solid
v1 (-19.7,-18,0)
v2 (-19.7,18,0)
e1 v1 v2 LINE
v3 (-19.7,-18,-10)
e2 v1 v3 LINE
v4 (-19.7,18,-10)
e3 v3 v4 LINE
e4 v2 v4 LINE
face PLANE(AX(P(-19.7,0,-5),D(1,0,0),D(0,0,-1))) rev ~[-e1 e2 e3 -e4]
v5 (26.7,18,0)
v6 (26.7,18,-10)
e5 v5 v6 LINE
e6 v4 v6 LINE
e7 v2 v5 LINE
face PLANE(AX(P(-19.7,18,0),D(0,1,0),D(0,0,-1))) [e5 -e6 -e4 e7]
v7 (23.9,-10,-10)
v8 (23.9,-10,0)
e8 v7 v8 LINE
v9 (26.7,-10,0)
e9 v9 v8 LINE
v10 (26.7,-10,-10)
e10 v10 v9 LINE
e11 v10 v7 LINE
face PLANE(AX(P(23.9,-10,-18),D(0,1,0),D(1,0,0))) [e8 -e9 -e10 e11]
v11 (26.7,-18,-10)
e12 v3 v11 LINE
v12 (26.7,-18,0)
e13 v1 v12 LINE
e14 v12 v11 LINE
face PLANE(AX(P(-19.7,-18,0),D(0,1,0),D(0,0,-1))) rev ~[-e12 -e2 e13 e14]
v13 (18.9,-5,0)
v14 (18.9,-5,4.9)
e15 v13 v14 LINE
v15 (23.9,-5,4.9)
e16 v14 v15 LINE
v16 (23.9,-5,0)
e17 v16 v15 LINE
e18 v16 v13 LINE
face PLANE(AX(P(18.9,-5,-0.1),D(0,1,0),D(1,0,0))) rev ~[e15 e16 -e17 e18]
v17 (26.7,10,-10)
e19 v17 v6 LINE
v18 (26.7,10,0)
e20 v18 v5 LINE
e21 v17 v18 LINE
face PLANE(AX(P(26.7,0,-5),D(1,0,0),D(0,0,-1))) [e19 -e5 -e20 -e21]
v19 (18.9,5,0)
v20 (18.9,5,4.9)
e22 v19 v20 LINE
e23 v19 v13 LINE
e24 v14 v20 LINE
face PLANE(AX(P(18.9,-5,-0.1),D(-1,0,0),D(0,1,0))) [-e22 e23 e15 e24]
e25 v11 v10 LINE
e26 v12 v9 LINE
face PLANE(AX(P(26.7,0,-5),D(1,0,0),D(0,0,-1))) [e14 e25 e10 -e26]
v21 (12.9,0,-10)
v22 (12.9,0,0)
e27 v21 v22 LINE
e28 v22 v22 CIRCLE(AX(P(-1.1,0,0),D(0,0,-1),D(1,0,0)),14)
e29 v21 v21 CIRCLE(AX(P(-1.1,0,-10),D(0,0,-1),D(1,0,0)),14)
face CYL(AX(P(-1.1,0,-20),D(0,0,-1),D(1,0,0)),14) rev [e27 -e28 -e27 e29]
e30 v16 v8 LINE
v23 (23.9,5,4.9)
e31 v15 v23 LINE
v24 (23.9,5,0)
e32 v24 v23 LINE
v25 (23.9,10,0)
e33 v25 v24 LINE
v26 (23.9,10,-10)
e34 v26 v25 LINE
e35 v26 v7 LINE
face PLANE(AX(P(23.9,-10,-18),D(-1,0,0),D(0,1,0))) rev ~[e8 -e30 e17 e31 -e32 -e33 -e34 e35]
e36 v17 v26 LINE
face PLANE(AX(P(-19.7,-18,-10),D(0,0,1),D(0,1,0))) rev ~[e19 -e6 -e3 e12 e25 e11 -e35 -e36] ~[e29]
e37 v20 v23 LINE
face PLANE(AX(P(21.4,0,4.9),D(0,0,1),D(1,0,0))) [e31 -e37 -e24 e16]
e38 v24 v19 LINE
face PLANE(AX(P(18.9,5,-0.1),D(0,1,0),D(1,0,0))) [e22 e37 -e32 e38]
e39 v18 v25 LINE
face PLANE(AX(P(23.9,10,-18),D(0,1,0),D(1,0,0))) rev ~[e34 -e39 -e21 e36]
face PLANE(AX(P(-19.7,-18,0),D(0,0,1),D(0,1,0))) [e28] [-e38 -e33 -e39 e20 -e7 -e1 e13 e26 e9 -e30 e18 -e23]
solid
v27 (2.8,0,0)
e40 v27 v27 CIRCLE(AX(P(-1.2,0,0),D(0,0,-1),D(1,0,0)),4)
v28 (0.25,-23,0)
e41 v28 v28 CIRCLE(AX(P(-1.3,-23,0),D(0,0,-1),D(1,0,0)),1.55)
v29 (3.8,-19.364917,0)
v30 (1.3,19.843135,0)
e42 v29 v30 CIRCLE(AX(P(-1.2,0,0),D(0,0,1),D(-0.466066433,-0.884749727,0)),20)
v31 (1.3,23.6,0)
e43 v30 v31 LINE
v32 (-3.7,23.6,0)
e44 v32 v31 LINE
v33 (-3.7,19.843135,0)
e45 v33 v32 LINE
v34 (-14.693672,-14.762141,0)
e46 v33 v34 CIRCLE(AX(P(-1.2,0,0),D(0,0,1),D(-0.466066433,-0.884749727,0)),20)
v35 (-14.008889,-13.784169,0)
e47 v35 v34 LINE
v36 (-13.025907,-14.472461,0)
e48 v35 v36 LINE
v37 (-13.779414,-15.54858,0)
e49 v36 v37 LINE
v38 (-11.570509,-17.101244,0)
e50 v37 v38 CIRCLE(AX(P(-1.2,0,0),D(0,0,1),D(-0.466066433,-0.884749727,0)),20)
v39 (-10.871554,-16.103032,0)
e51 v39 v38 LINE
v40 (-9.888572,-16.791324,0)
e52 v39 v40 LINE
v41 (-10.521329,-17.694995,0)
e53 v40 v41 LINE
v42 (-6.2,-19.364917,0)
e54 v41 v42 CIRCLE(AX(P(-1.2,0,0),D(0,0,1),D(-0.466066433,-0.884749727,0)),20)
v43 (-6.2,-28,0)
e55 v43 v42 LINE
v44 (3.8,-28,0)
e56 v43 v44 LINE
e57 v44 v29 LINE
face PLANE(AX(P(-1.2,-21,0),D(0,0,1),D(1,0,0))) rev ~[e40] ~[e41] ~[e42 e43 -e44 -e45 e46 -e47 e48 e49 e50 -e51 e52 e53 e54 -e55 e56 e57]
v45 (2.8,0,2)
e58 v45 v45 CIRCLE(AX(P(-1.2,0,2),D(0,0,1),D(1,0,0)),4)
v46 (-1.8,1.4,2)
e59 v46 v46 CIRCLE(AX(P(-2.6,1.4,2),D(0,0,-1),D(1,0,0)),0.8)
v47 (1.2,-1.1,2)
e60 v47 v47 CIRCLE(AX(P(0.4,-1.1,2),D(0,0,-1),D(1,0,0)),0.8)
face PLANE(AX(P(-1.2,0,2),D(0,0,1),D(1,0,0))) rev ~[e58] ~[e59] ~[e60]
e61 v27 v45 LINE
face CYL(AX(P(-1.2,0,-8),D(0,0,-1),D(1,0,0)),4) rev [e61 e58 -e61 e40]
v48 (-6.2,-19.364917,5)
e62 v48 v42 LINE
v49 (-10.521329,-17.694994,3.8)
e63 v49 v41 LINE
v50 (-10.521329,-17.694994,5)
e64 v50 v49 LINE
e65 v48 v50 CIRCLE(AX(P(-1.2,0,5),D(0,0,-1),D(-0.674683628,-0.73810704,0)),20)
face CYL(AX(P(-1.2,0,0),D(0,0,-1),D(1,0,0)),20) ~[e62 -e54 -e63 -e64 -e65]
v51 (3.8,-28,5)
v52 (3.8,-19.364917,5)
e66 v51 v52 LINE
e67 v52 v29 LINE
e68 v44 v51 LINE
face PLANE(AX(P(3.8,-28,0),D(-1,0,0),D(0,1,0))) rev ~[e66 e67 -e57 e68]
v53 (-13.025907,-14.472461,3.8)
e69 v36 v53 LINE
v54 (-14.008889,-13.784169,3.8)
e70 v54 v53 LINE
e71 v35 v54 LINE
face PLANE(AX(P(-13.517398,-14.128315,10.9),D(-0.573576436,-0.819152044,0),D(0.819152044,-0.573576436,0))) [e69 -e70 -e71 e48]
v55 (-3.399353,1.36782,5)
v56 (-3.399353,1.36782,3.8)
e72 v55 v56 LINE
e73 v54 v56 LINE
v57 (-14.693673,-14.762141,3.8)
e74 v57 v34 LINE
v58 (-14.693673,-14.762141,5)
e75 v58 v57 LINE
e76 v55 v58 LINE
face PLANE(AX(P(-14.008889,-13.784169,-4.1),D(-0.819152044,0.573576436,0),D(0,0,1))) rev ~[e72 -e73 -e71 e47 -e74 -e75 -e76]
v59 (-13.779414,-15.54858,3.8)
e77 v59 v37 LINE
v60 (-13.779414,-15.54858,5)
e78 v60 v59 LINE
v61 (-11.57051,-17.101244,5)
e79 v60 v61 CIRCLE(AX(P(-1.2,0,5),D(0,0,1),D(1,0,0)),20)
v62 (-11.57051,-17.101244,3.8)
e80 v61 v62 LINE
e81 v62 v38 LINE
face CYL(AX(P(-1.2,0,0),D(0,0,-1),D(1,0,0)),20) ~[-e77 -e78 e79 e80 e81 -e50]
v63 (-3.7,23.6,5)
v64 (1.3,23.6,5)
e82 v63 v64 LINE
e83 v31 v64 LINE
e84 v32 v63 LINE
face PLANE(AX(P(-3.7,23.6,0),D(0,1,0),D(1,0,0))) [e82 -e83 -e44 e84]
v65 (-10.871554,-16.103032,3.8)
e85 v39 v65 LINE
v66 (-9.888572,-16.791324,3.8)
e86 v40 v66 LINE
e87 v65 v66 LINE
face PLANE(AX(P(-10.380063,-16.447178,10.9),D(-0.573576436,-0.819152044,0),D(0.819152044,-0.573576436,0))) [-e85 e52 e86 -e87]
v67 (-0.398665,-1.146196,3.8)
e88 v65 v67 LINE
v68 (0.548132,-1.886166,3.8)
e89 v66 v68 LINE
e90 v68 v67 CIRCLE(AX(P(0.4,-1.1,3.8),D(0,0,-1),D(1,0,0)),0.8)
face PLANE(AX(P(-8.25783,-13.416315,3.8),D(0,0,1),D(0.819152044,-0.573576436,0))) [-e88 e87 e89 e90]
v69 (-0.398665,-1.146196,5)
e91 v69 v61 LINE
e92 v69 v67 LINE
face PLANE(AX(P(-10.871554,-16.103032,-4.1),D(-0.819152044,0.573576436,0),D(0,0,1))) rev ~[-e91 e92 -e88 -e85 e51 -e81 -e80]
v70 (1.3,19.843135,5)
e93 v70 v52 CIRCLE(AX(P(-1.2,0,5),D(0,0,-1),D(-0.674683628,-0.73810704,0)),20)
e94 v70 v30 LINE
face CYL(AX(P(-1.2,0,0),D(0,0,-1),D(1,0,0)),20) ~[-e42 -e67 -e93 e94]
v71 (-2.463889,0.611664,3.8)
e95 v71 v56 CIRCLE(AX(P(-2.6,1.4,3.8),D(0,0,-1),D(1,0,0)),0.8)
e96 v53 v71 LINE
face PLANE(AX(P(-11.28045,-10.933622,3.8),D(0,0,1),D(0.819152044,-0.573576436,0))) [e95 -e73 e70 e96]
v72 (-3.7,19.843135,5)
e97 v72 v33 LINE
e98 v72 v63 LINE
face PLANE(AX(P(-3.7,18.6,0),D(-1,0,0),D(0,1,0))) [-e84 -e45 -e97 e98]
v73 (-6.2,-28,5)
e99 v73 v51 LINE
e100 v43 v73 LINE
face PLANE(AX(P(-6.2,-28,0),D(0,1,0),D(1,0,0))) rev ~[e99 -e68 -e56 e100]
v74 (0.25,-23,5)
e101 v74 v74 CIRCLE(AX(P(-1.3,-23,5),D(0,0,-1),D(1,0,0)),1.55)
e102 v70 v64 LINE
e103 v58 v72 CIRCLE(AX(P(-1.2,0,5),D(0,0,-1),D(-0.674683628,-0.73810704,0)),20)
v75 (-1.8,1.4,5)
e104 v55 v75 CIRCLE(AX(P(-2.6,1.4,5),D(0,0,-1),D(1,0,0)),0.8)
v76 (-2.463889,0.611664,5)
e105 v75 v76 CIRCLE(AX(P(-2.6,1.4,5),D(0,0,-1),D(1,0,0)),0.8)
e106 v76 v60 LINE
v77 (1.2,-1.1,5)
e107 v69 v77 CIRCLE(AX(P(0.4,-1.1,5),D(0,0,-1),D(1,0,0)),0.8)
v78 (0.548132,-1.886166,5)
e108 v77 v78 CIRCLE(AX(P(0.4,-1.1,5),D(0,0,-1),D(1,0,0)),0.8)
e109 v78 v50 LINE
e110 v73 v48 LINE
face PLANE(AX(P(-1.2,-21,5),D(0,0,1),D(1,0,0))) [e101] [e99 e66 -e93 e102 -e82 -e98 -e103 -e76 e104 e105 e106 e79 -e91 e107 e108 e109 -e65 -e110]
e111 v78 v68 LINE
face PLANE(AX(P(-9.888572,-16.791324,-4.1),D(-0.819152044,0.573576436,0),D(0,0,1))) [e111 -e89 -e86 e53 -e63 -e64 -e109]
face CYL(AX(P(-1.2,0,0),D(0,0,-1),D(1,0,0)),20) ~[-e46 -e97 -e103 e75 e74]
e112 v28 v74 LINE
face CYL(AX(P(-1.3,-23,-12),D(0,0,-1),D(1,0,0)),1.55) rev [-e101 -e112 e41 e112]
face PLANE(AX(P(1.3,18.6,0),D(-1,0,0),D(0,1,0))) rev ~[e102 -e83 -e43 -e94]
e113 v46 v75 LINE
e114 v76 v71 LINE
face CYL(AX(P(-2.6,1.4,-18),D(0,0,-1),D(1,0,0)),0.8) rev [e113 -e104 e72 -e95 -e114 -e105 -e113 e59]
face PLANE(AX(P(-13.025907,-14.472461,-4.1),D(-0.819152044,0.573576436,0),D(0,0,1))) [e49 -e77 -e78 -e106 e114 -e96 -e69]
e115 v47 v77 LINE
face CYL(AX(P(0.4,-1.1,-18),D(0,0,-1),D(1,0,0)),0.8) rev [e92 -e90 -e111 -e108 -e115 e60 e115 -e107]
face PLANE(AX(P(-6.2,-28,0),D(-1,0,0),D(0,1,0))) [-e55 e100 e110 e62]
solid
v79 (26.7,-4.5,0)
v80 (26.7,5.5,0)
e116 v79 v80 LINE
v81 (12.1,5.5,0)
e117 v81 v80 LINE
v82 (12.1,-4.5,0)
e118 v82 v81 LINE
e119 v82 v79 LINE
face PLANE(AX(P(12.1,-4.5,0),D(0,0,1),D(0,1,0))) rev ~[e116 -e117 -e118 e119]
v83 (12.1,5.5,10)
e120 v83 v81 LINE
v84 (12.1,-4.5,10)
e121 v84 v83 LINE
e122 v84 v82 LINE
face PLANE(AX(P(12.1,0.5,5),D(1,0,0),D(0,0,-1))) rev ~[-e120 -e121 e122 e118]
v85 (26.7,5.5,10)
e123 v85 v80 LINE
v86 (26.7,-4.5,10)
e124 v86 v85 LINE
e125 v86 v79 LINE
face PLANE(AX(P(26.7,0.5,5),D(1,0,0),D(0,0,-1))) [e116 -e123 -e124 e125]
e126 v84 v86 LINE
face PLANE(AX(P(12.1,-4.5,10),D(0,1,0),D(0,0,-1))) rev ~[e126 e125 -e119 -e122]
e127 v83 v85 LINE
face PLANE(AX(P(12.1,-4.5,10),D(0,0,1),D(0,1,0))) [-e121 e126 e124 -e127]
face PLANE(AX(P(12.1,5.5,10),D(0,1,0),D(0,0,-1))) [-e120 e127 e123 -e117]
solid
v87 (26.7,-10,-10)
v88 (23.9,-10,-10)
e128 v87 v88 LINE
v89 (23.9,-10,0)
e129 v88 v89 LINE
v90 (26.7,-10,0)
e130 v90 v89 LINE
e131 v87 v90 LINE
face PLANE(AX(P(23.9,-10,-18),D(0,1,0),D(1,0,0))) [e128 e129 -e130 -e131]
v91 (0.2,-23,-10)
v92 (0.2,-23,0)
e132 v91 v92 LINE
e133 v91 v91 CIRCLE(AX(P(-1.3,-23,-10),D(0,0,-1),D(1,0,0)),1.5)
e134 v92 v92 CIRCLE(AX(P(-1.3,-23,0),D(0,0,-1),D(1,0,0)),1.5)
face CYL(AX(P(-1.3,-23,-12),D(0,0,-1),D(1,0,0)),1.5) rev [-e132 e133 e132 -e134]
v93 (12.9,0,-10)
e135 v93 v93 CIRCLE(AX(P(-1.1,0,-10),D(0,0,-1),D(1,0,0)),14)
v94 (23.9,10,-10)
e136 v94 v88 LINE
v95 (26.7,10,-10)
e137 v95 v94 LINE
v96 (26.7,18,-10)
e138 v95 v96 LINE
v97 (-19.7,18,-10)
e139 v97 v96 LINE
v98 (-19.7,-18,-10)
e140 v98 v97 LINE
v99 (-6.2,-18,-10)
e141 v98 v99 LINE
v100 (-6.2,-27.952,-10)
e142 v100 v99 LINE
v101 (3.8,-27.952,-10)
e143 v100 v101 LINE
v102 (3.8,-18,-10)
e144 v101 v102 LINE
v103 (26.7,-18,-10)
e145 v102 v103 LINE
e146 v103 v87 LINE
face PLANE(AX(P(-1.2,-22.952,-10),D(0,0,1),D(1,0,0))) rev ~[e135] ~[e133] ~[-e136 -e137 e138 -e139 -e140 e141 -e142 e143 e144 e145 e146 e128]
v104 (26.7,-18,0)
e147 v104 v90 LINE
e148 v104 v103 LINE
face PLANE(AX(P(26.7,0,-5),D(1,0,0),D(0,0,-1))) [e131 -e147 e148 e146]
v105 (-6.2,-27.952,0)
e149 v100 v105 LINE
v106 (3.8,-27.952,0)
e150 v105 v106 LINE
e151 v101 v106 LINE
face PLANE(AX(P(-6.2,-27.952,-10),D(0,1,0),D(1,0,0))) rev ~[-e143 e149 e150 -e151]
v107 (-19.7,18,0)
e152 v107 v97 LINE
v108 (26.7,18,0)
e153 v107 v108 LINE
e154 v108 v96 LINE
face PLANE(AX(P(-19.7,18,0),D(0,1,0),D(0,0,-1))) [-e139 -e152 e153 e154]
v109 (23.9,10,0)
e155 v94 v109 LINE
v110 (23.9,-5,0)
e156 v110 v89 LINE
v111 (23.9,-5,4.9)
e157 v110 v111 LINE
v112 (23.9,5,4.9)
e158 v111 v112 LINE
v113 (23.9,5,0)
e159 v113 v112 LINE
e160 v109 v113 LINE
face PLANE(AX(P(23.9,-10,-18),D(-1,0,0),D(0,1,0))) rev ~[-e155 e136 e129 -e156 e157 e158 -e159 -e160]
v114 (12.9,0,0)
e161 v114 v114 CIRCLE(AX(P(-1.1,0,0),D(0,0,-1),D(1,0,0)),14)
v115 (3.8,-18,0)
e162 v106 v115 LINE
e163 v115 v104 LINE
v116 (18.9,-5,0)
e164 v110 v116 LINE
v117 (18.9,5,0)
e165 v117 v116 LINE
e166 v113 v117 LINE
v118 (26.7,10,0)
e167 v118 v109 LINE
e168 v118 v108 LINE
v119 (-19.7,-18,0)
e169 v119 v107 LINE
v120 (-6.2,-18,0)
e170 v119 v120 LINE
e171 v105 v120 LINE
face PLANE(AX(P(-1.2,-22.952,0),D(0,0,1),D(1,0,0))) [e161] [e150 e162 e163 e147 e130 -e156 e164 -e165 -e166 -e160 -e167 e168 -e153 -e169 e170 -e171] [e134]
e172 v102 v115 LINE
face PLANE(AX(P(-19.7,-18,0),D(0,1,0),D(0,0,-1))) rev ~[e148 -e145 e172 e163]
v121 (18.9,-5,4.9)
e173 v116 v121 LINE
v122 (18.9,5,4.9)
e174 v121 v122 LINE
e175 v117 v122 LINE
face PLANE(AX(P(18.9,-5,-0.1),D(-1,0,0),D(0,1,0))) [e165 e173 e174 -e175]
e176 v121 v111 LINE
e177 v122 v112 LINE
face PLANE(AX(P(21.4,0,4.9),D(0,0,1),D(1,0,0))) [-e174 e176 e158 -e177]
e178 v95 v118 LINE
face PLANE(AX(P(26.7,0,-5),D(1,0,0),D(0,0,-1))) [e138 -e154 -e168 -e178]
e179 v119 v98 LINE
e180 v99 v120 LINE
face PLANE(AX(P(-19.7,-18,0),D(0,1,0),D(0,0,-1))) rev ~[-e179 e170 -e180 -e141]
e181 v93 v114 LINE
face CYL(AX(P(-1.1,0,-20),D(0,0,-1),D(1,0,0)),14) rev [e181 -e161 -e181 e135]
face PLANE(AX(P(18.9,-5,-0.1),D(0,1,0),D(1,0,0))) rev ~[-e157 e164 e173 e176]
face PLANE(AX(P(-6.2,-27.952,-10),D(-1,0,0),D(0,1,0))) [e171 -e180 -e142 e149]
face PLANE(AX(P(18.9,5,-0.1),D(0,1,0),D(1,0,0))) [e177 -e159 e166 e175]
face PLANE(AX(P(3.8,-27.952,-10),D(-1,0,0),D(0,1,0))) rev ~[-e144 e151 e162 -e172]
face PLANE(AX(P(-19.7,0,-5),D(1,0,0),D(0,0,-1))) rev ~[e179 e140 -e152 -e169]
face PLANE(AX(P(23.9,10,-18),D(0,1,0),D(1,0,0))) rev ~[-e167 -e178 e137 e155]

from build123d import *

# Parameters (mm, degrees)
BOX001_W               = 10
BOX001_H               = 10
BOX001_DEPTH           = 14.6
BOX004_W               = 5
BOX004_H               = 10
BOX004_DEPTH           = 5
BOX005_W               = 10
BOX005_H               = 20
BOX005_DEPTH           = 20
CYLINDER_R             = 14
CYLINDER_DEPTH         = 40
BOX_W                  = 10
BOX_H                  = 36
BOX_DEPTH              = 46.4
BOX006_W               = 5
BOX006_H               = 5
BOX006_DEPTH           = 5
CYLINDER003_R          = 1.55
CYLINDER003_DEPTH      = 50
BOX003_W               = 10
BOX003_H               = 14
BOX003_DEPTH           = 5
BOX010_W               = 1.2
BOX010_H               = 30
BOX010_DEPTH           = 10
BOX010_ROLL_ANGLE      = 90
BOX010_PLACEMENT_ANGLE = -35
BOX009_W               = 1.2
BOX009_H               = 30
BOX009_DEPTH           = 10
BOX009_ROLL_ANGLE      = 90
BOX009_PLACEMENT_ANGLE = -35
BOX008_W               = 1.2
BOX008_H               = 30
BOX008_DEPTH           = 10
BOX008_PLACEMENT_ANGLE = 325
BOX007_W               = 1.2
BOX007_H               = 30
BOX007_DEPTH           = 10
BOX007_PLACEMENT_ANGLE = 325
CYLINDER006_R          = 0.8
CYLINDER006_DEPTH      = 30
CYLINDER005_R          = 0.8
CYLINDER005_DEPTH      = 30
CYLINDER004_R          = 4
CYLINDER004_DEPTH      = 10
CYLINDER002_R          = 20
CYLINDER002_DEPTH      = 5
CYLINDER001_R          = 1.5
CYLINDER001_DEPTH      = 30
BOX002_W               = 10
BOX002_H               = 10
BOX002_DEPTH           = 10


with BuildPart() as cube001:
    # Box001 → Box001 (new body)
    with BuildSketch(Plane(origin=(12.1, -4.5, 10), x_dir=(0, 0, -1), z_dir=(1, 0, 0))):
        with Locations((5, 5)):
            Rectangle(BOX001_W, BOX001_H)
    extrude(amount=BOX001_DEPTH)


with BuildPart() as swivelstop:
    # Box004 → Box004 (new body)
    with BuildSketch(Plane(origin=(18.9, -5, -0.1), x_dir=(1, 0, 0), z_dir=(0, 0, 1))):
        with Locations((2.5, 5)):
            Rectangle(BOX004_W, BOX004_H)
    extrude(amount=BOX004_DEPTH)


with BuildPart() as footcutout:
    # Box005 → Box005 (new body)
    with BuildSketch(Plane(origin=(23.9, -10, -18), x_dir=(1, 0, 0), z_dir=(0, 0, 1))):
        with Locations((5, 10)):
            Rectangle(BOX005_W, BOX005_H)
    extrude(amount=BOX005_DEPTH)


with BuildPart() as cardboardbarrelholder:
    # Cylinder → Cylinder (new body)
    with BuildSketch(Plane(origin=(-1.1, 0, -20), x_dir=(1, 0, 0), z_dir=(0, 0, 1))):
        Circle(CYLINDER_R)
    extrude(amount=CYLINDER_DEPTH)


with BuildPart() as mainpiece1:
    # Box → Box (new body)
    with BuildSketch(Plane(origin=(-19.7, -18, 0), x_dir=(0, 0, -1), z_dir=(1, 0, 0))):
        with Locations((5, 18)):
            Rectangle(BOX_W, BOX_H)
    extrude(amount=BOX_DEPTH)

    # Cut: cut cardboardBarrelHolder
    add(cardboardbarrelholder.part, mode=Mode.SUBTRACT)

    # Cut001: cut footCutout
    add(footcutout.part, mode=Mode.SUBTRACT)


with BuildPart() as don_tusemainpiece3:
    # Fusion002 base: copy of mainPiece1
    add(mainpiece1.part)

    # Fusion002: union swivelStop
    add(swivelstop.part)


with BuildPart() as shuttermovetab:
    # Box006 → Box006 (new body)
    with BuildSketch(Plane(origin=(-3.7, 18.6, 0), x_dir=(1, 0, 0), z_dir=(0, 0, 1))):
        with Locations((2.5, 2.5)):
            Rectangle(BOX006_W, BOX006_H)
    extrude(amount=BOX006_DEPTH)


with BuildPart() as shuttertabhole:
    # Cylinder003 → Cylinder003 (new body)
    with BuildSketch(Plane(origin=(-1.3, -23, -12), x_dir=(1, 0, 0), z_dir=(0, 0, 1))):
        Circle(CYLINDER003_R)
    extrude(amount=CYLINDER003_DEPTH)


with BuildPart() as shutterhingetab001:
    # Box003 → Box003 (new body)
    with BuildSketch(Plane(origin=(-6.2, -28, 0), x_dir=(1, 0, 0), z_dir=(0, 0, 1))):
        with Locations((5, 7)):
            Rectangle(BOX003_W, BOX003_H)
    extrude(amount=BOX003_DEPTH)

    # Cut009: cut shutterTabHole
    add(shuttertabhole.part, mode=Mode.SUBTRACT)


with BuildPart() as radialtransit4:
    # Box010 → Box010 (new body)
    with BuildSketch(Plane.XY):
        with Locations((0.6, 15)):
            Rectangle(BOX010_W, BOX010_H)
    extrude(amount=BOX010_DEPTH)


with BuildPart() as radialtransit4_1:
    # Box010 roll: moved
    add(radialtransit4.part.rotate(Axis((0, 0, 0), (1, 0, 0)), BOX010_ROLL_ANGLE))


with BuildPart() as radialtransit4_2:
    # Box010 placement: moved
    add(radialtransit4_1.part.moved(Location((-14.008889, -13.784169, -4.1))).rotate(Axis((-14.008889, -13.784169, -4.1), (0, 0, 1)), BOX010_PLACEMENT_ANGLE))


with BuildPart() as radialtransit3:
    # Box009 → Box009 (new body)
    with BuildSketch(Plane.XY):
        with Locations((0.6, 15)):
            Rectangle(BOX009_W, BOX009_H)
    extrude(amount=BOX009_DEPTH)


with BuildPart() as radialtransit3_1:
    # Box009 roll: moved
    add(radialtransit3.part.rotate(Axis((0, 0, 0), (1, 0, 0)), BOX009_ROLL_ANGLE))


with BuildPart() as radialtransit3_2:
    # Box009 placement: moved
    add(radialtransit3_1.part.moved(Location((-10.871554, -16.103032, -4.1))).rotate(Axis((-10.871554, -16.103032, -4.1), (0, 0, 1)), BOX009_PLACEMENT_ANGLE))


with BuildPart() as radialtransit2:
    # Box008 → Box008 (new body)
    with BuildSketch(Plane.XY):
        with Locations((0.6, 15)):
            Rectangle(BOX008_W, BOX008_H)
    extrude(amount=BOX008_DEPTH)


with BuildPart() as radialtransit2_1:
    # Box008 placement: moved
    add(radialtransit2.part.moved(Location((-20.375588, -22.876757, 3.8))).rotate(Axis((-20.375588, -22.876757, 3.8), (0, 0, 1)), BOX008_PLACEMENT_ANGLE))


with BuildPart() as radialtransit1:
    # Box007 → Box007 (new body)
    with BuildSketch(Plane.XY):
        with Locations((0.6, 15)):
            Rectangle(BOX007_W, BOX007_H)
    extrude(amount=BOX007_DEPTH)


with BuildPart() as radialtransit1_1:
    # Box007 placement: moved
    add(radialtransit1.part.moved(Location((-17.352968, -25.35945, 3.8))).rotate(Axis((-17.352968, -25.35945, 3.8), (0, 0, 1)), BOX007_PLACEMENT_ANGLE))


with BuildPart() as cdswire2:
    # Cylinder006 → Cylinder006 (new body)
    with BuildSketch(Plane(origin=(-2.6, 1.4, -18), x_dir=(1, 0, 0), z_dir=(0, 0, 1))):
        Circle(CYLINDER006_R)
    extrude(amount=CYLINDER006_DEPTH)


with BuildPart() as cdswire1:
    # Cylinder005 → Cylinder005 (new body)
    with BuildSketch(Plane(origin=(0.4, -1.1, -18), x_dir=(1, 0, 0), z_dir=(0, 0, 1))):
        Circle(CYLINDER005_R)
    extrude(amount=CYLINDER005_DEPTH)


with BuildPart() as cdsdivot:
    # Cylinder004 → Cylinder004 (new body)
    with BuildSketch(Plane(origin=(-1.2, 0, -8), x_dir=(1, 0, 0), z_dir=(0, 0, 1))):
        Circle(CYLINDER004_R)
    extrude(amount=CYLINDER004_DEPTH)


with BuildPart() as shutter4:
    # Cylinder002 → Cylinder002 (new body)
    with BuildSketch(Plane(origin=(-1.2, 0, 0), x_dir=(1, 0, 0), z_dir=(0, 0, 1))):
        Circle(CYLINDER002_R)
    extrude(amount=CYLINDER002_DEPTH)

    # Cut002: cut CdSDivot
    add(cdsdivot.part, mode=Mode.SUBTRACT)

    # Cut003: cut CdSWire1
    add(cdswire1.part, mode=Mode.SUBTRACT)

    # Cut004: cut CdsWire2
    add(cdswire2.part, mode=Mode.SUBTRACT)

    # Cut005: cut radialTransit1
    add(radialtransit1_1.part, mode=Mode.SUBTRACT)

    # Cut006: cut radialTransit2
    add(radialtransit2_1.part, mode=Mode.SUBTRACT)

    # Cut007: cut radialTransit3
    add(radialtransit3_2.part, mode=Mode.SUBTRACT)

    # Cut008: cut radialTransit4
    add(radialtransit4_2.part, mode=Mode.SUBTRACT)

    # Fusion001: union shutterHingeTab001
    add(shutterhingetab001.part)

    # Fusion003: union shutterMoveTab
    add(shuttermovetab.part)


with BuildPart() as hingetabhole:
    # Cylinder001 → Cylinder001 (new body)
    with BuildSketch(Plane(origin=(-1.3, -23, -12), x_dir=(1, 0, 0), z_dir=(0, 0, 1))):
        Circle(CYLINDER001_R)
    extrude(amount=CYLINDER001_DEPTH)


with BuildPart() as mainpiecehingetab:
    # Box002 → Box002 (new body)
    with BuildSketch(Plane(origin=(-6.2, -27.952, -10), x_dir=(1, 0, 0), z_dir=(0, 0, 1))):
        with Locations((5, 5)):
            Rectangle(BOX002_W, BOX002_H)
    extrude(amount=BOX002_DEPTH)

    # Cut010: cut hingeTabHole
    add(hingetabhole.part, mode=Mode.SUBTRACT)


with BuildPart() as mainpiece10:
    # Fusion base: copy of mainPiece1
    add(mainpiece1.part)

    # Fusion: union mainPieceHingeTab
    add(mainpiecehingetab.part)

    # Fusion004: union swivelStop
    add(swivelstop.part)


solid = Compound([cube001.part, don_tusemainpiece3.part, shutter4.part, mainpiece10.part])
